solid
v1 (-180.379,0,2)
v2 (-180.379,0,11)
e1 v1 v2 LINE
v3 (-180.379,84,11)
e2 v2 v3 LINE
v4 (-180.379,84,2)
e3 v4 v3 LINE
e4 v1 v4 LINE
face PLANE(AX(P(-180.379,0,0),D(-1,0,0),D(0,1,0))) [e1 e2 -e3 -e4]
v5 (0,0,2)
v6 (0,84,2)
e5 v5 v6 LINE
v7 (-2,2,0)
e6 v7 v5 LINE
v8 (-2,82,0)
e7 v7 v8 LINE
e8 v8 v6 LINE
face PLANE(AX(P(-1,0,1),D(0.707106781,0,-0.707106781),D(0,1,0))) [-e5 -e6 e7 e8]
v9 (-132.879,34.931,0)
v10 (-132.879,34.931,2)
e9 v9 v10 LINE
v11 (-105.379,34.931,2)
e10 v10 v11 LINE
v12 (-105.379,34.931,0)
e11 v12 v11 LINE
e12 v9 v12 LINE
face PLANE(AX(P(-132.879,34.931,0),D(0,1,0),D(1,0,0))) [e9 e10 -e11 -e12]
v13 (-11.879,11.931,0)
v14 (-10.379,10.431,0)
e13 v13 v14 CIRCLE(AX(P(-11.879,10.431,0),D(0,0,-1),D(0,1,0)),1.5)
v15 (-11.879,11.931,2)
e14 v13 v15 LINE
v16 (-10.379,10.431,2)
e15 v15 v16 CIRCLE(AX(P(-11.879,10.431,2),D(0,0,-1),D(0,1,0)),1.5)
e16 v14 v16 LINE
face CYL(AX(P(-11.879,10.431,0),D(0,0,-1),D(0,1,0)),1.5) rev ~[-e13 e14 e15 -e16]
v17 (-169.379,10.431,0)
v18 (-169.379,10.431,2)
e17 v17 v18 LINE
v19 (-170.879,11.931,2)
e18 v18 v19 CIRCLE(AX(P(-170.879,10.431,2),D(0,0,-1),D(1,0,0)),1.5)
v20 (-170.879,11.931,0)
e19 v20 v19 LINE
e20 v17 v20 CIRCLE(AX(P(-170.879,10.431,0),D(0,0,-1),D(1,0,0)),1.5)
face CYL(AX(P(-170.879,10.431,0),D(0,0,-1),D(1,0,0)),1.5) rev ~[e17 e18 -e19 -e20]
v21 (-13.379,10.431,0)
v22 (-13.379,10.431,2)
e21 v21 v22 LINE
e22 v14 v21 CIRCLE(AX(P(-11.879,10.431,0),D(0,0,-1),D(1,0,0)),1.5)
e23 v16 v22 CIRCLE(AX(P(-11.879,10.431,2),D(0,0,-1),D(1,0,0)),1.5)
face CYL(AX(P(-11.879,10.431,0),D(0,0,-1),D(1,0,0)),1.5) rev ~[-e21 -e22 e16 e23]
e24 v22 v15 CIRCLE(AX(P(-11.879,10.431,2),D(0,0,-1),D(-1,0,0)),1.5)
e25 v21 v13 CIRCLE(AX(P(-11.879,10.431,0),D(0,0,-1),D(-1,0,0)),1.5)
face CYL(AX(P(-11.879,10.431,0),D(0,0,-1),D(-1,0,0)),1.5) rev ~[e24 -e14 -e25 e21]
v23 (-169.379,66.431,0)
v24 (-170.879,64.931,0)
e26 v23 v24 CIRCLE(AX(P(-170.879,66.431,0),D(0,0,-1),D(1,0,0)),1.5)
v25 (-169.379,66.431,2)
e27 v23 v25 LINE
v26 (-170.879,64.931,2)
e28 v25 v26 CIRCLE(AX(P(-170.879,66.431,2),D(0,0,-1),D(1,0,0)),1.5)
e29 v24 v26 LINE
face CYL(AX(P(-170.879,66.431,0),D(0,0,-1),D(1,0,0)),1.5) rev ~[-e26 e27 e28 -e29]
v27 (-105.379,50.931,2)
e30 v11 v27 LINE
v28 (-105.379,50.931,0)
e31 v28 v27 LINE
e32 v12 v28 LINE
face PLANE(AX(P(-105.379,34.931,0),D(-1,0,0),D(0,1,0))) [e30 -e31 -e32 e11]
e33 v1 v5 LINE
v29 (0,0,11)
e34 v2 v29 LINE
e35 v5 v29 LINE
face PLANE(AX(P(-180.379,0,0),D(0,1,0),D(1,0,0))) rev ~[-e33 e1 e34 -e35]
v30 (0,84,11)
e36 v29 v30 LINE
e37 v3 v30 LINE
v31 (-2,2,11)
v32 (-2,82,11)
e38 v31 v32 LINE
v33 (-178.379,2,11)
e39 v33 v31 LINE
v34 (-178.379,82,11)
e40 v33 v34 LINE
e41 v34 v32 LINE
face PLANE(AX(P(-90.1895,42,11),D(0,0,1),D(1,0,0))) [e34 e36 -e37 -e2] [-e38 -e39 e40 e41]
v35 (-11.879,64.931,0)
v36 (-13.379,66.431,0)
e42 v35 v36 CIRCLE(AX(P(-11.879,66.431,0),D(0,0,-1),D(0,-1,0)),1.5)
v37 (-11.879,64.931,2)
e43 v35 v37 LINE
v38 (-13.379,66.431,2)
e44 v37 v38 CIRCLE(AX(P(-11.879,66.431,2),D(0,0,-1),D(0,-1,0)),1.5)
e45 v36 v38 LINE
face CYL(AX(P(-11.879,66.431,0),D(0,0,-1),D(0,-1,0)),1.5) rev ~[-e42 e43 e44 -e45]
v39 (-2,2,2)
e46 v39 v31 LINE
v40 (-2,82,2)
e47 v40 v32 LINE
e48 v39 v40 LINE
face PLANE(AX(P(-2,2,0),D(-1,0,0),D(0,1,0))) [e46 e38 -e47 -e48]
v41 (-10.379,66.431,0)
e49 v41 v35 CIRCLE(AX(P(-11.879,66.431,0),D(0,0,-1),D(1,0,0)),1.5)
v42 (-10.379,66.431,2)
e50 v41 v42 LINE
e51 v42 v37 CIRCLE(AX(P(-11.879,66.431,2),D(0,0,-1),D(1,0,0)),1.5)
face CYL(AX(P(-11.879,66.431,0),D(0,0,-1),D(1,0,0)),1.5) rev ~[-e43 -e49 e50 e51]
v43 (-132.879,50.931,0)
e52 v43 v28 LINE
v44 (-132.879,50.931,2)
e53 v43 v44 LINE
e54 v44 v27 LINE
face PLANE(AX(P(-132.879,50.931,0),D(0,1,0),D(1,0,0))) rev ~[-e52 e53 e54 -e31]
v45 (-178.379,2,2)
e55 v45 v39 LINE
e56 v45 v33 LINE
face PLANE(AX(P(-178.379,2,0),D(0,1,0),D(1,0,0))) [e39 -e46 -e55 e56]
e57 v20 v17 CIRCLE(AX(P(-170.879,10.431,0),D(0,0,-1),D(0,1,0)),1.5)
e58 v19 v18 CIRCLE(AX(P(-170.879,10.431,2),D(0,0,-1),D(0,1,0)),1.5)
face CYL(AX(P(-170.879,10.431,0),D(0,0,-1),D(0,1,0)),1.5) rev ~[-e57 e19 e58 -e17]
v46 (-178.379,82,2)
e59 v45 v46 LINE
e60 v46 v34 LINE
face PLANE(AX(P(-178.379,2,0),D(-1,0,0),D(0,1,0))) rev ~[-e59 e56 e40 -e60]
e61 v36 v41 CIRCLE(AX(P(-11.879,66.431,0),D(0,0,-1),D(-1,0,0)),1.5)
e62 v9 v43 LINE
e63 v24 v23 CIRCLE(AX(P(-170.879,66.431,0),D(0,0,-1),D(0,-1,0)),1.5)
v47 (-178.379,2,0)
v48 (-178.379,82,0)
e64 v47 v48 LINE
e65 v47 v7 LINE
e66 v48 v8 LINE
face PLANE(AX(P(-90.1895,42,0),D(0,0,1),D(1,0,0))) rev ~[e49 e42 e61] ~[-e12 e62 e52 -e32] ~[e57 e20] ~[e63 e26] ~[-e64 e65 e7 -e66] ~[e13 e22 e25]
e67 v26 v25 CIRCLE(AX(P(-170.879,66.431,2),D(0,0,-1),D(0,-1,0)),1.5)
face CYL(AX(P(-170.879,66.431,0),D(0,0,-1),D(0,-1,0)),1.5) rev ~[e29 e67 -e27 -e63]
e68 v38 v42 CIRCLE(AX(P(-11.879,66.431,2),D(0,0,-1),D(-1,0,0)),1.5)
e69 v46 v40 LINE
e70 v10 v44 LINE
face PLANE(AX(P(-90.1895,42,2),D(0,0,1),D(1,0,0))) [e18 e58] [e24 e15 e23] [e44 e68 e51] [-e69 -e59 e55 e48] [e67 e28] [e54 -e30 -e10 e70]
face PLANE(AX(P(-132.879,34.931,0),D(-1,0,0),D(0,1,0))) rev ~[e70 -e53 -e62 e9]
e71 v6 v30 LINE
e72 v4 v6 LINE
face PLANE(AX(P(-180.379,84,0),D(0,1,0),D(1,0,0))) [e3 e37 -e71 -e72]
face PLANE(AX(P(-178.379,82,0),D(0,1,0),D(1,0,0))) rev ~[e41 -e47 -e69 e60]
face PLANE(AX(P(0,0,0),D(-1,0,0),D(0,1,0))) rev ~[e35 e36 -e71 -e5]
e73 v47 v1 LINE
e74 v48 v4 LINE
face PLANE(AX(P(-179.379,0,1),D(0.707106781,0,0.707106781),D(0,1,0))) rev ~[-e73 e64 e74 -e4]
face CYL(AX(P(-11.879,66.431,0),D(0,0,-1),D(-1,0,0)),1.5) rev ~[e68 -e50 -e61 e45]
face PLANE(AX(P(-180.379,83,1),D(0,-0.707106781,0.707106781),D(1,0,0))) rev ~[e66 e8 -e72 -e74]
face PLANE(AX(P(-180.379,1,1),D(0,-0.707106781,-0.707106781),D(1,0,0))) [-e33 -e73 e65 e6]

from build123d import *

# Parameters (mm, degrees)
F0_W     = 180.379
F0_H     = 84
F0_W_2   = 176.379
F0_H_2   = 80
F1_DEPTH = 11
F0_W_3   = 164
F0_H_3   = 61
F0_W_4   = 27.5
F0_H_4   = 16
F2_DEPTH = 2
F3_SIZE  = 2


with BuildPart() as f1:
    # F0 (on Top) → F1 (new body)
    with BuildSketch(Plane.XY):
        with Locations((-90.1895, 42)):
            Rectangle(F0_W, F0_H)
        with Locations((-90.1895, 42)):
            Rectangle(F0_W_2, F0_H_2, mode=Mode.SUBTRACT)
    extrude(amount=F1_DEPTH)

    # F0 (on Top) → F2 (join)
    with BuildSketch(Plane.XY):
        with Locations((-90.1895, 42)):
            Rectangle(F0_W_2, F0_H_2)
        with Locations((-91.379, 38.431)):
            Rectangle(F0_W_3, F0_H_3, mode=Mode.SUBTRACT)
        with Locations((-91.379, 38.431)):
            Rectangle(F0_W_3, F0_H_3)
        with BuildLine():
            ThreePointArc((-170.879, 64.931), (-171.9396601718, 67.4916601718), (-169.379, 66.431))
            Line((-169.379, 66.431), (-13.379, 66.431))
            ThreePointArc((-13.379, 66.431), (-11.879, 67.931), (-10.379, 66.431))
            ThreePointArc((-10.379, 66.431), (-10.8183398282, 65.3703398282), (-11.879, 64.931))
            Line((-11.879, 64.931), (-11.879, 11.931))
            ThreePointArc((-11.879, 11.931), (-10.8183398282, 11.4916601718), (-10.379, 10.431))
            ThreePointArc((-10.379, 10.431), (-11.879, 8.931), (-13.379, 10.431))
            Line((-13.379, 10.431), (-169.379, 10.431))
            ThreePointArc((-169.379, 10.431), (-171.9396601718, 9.3703398282), (-170.879, 11.931))
            Line((-170.879, 11.931), (-170.879, 64.931))
        make_face(mode=Mode.SUBTRACT)
        with BuildLine():
            Line((-13.379, 66.431), (-169.379, 66.431))
            ThreePointArc((-169.379, 66.431), (-169.8183398282, 65.3703398282), (-170.879, 64.931))
            Line((-170.879, 64.931), (-170.879, 11.931))
            ThreePointArc((-170.879, 11.931), (-169.8183398282, 11.4916601718), (-169.379, 10.431))
            Line((-169.379, 10.431), (-13.379, 10.431))
            ThreePointArc((-13.379, 10.431), (-12.9396601718, 11.4916601718), (-11.879, 11.931))
            Line((-11.879, 11.931), (-11.879, 64.931))
            ThreePointArc((-11.879, 64.931), (-12.9396601718, 65.3703398282), (-13.379, 66.431))
        make_face()
        with Locations((-119.129, 42.931)):
            Rectangle(F0_W_4, F0_H_4, mode=Mode.SUBTRACT)
    extrude(amount=F2_DEPTH)

    # F3
    f3_edges = [f1.edges().sort_by_distance(p)[0] for p in [
        (0, 42, 0),
        (-90.1895, 84, 0),
        (-90.1895, 0, 0),
        (-180.379, 42, 0),
    ]]
    chamfer(f3_edges, length=F3_SIZE)


solid = f1.part
